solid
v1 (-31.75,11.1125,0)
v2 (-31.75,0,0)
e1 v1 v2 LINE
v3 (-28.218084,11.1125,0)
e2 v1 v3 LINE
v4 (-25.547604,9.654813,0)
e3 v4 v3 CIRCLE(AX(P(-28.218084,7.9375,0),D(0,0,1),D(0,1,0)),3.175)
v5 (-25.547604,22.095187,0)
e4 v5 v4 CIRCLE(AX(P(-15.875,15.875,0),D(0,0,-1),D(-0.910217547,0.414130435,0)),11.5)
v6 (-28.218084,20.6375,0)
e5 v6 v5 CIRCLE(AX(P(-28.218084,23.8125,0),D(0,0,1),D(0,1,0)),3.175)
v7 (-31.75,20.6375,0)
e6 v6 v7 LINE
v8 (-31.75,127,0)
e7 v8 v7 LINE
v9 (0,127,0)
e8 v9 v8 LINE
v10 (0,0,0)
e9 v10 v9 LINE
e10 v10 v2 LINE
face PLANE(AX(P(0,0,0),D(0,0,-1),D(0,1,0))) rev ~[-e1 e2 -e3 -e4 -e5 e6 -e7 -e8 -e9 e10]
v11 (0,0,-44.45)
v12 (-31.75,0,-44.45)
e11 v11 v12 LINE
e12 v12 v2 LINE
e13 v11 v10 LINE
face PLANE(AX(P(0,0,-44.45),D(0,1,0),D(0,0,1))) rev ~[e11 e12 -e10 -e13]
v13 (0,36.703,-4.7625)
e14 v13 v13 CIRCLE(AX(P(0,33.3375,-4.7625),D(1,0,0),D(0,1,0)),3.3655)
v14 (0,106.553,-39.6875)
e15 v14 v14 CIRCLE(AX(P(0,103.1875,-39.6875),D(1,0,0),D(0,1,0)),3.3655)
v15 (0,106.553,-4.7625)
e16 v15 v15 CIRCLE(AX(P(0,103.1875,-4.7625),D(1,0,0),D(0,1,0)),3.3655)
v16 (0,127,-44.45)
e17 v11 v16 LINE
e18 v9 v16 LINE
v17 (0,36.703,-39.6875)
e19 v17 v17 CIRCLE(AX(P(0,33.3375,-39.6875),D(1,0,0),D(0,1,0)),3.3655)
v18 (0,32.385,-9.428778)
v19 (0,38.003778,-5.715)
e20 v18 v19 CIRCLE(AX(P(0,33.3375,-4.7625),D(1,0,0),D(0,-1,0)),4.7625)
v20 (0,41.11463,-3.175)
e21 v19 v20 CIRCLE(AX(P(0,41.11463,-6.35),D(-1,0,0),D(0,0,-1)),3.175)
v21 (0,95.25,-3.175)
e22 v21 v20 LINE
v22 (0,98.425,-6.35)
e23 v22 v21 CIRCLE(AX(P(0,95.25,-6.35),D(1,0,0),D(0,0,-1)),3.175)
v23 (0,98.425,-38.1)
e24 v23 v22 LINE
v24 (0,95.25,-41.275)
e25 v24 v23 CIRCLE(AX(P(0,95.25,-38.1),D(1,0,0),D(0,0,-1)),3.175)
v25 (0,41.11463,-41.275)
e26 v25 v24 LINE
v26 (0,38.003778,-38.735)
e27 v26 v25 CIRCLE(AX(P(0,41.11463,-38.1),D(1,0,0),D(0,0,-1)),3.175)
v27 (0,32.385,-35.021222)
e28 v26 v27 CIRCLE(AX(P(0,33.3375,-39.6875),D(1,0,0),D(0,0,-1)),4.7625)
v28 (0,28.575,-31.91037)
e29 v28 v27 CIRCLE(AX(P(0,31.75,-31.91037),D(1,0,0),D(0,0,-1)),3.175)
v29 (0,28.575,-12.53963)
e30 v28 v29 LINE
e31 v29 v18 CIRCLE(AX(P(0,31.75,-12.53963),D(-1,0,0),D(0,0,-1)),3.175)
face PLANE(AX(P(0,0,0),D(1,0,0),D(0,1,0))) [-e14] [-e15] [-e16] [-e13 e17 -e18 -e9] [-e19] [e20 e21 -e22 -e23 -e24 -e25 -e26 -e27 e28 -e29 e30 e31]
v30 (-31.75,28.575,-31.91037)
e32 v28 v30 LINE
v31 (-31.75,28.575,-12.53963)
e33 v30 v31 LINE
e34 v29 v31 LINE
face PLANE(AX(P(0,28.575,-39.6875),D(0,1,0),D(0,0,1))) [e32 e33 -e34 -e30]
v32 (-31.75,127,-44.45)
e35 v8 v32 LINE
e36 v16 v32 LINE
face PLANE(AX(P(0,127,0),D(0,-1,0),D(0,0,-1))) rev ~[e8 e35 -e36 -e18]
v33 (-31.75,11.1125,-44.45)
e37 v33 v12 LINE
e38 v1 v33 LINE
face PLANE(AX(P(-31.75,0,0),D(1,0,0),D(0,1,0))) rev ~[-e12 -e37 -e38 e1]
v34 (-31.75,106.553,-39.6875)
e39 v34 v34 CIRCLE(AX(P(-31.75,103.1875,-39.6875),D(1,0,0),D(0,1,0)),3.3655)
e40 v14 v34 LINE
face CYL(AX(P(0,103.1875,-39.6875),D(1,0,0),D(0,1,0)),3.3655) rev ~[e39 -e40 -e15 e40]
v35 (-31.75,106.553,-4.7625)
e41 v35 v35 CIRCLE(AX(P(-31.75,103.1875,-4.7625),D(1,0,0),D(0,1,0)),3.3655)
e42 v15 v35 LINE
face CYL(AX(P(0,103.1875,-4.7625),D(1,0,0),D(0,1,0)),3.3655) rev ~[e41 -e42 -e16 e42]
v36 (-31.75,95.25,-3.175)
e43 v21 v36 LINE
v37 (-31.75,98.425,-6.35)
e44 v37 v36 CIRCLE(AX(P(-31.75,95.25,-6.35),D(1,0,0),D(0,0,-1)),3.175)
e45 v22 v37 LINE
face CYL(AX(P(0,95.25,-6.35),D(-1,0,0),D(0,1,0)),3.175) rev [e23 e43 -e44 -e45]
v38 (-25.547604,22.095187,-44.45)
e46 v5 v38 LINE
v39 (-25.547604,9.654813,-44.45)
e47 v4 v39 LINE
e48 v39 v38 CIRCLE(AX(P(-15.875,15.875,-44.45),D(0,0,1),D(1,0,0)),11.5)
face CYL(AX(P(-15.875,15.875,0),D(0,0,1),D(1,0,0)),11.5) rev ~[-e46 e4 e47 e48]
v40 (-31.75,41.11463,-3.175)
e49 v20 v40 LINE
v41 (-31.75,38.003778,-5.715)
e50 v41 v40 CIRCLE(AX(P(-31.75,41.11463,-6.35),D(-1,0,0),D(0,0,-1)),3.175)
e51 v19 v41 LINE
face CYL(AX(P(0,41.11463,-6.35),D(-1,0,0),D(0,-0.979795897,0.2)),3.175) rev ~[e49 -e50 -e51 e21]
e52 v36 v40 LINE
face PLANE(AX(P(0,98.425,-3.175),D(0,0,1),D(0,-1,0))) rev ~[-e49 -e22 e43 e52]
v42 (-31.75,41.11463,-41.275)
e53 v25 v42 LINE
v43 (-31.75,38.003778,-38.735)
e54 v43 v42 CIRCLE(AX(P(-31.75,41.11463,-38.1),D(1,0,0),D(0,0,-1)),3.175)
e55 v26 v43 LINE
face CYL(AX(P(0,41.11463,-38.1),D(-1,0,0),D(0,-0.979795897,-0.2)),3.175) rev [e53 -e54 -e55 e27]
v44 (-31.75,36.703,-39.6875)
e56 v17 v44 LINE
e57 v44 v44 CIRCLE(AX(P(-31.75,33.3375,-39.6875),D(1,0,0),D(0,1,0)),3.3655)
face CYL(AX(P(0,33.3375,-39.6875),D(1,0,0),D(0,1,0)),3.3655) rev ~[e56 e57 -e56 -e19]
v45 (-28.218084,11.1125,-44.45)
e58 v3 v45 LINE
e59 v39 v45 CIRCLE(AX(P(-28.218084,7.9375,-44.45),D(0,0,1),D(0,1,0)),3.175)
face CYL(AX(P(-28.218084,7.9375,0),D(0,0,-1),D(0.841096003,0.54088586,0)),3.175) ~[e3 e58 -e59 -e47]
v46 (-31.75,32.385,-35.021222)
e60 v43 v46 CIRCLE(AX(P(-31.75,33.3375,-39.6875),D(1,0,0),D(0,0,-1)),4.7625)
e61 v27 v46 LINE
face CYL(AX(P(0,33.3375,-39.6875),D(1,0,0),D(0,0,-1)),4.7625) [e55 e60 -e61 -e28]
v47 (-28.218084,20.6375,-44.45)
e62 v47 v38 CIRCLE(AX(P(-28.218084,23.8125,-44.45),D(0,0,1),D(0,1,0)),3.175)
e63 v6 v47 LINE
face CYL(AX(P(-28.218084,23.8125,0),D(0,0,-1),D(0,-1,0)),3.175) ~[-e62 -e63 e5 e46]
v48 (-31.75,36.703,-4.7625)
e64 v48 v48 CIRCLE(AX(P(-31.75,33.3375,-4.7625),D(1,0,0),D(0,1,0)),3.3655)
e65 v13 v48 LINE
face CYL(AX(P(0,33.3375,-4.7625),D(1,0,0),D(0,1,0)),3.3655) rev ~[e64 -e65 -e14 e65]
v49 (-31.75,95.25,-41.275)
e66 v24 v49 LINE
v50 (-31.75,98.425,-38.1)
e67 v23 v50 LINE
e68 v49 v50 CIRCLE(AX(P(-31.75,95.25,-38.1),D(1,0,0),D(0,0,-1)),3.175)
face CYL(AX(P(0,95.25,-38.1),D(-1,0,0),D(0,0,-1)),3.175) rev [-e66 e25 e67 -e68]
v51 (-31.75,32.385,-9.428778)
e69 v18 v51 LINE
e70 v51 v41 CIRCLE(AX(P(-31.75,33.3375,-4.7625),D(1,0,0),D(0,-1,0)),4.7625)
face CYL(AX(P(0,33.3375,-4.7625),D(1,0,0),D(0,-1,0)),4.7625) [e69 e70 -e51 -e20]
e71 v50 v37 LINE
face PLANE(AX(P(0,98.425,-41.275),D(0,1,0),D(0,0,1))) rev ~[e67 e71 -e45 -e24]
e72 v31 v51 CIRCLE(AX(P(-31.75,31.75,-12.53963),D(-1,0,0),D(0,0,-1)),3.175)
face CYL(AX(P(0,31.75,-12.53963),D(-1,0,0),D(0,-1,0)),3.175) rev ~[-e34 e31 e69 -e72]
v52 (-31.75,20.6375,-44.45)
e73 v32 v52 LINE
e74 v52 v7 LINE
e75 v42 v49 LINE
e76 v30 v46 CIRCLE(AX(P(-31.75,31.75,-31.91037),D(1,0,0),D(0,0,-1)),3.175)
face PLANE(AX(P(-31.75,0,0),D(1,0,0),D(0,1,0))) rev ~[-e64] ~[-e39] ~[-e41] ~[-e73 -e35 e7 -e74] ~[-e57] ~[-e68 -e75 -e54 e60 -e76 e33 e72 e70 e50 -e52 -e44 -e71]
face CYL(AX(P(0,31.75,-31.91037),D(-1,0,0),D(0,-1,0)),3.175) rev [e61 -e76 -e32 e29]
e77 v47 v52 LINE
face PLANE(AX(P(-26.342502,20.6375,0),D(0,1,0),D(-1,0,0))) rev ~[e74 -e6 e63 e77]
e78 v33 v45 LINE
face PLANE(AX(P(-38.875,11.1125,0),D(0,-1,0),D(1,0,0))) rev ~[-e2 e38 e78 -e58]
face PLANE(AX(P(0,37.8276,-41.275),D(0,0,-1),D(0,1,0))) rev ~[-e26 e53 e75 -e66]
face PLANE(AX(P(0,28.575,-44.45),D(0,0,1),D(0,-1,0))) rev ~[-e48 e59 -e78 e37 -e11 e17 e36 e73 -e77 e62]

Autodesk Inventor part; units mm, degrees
ref_plane "YZ Plane" through (0, 0, 0) normal (1, 0, 0) x (0, 1, 0)
ref_plane "XZ Plane" through (0, 0, 0) normal (0, 1, 0) x (-1, 0, 0)
ref_plane "XY Plane" through (0, 0, 0) normal (0, 0, 1) x (1, 0, 0)
sketch "Sketch1" plane through (0, 0, 0) normal (1, 0, 0) x (0, 1, 0)
  line L0 (0, 0) -> (127, 0)
  line L1 (127, 0) -> (127, -44.45)
  line L2 (127, -44.45) -> (0, -44.45)
  line L3 (0, -44.45) -> (0, 0)
  line L4 (15.875, -44.45) -> (15.875, 0) construction
  line L5 (28.575, -44.45) -> (28.575, 0)
  line L6 (28.575, -44.45) -> (127, 0) construction
  line L7 (127, -44.45) -> (28.575, 0) construction
  arc A0 (28.575, -4.7625) -> (33.3375, 0) centre (33.3375, -4.7625) ccw
  circle A1 centre (33.3375, -4.7625) radius 3.3655
  line L8 (28.575, -22.225) -> (127, -22.225) construction
  line L9 (37.8276, -41.275) -> (98.425, -41.275)
  line L10 (98.425, -41.275) -> (98.425, -3.175)
  line L11 (98.425, -3.175) -> (37.8276, -3.175)
  arc A2 (33.3375, -44.45) -> (28.575, -39.6875) centre (33.3375, -39.6875) ccw
  circle A3 centre (33.3375, -39.6875) radius 3.3655
  circle A4 centre (103.1875, -39.6875) radius 4.7625 construction
  circle A5 centre (103.1875, -39.6875) radius 3.3655
  circle A6 centre (103.1875, -4.7625) radius 4.7625 construction
  circle A7 centre (103.1875, -4.7625) radius 3.3655
  point P0 (77.7875, -22.225)
  dimension "d0" = 127
  dimension "d1" = 44.45
  dimension "d2" = 15.875
  dimension "d4" = 12.7
  dimension "d5" = 9.525
  dimension "d6" = 6.731
  dimension "d7" = 3.175
  dimension "d8" = 3.175
  dimension "d9" = 69.85
  dimension "d10" = 9.525
  dimension "d11" = 6.731
extrude "Extrusion1" add sketch "Sketch1" against normal blind 31.75 contours L0 L5 L2 L3 | L0 A0 L5 | L0 L1 L2 A2 L9 L10 L11 A0 | L5 A2 L2
fillet "Fillet1" radius 3.175 6 edges at (-15.875, 28.575, -39.6875) (-15.875, 37.8276, -41.275) (-15.875, 98.425, -41.275) (-15.875, 98.425, -3.175) (-15.875, 37.8276, -3.175) (-15.875, 28.575, -4.7625)
sketch "Sketch2" plane through (0, 0, 0) normal (0, 0, 1) x (1, 0, 0)
  line L0 (0, 0) -> (-31.75, 0) construction
  line L1 (-15.875, 0) -> (-15.875, 127) construction
  line L2 (0, 127) -> (-31.75, 127) construction
  circle A0 centre (-15.875, 15.875) radius 11.5
  line L3 (-38.875, 11.1125) -> (-15.875, 11.1125)
  line L4 (-15.875, 11.1125) -> (-15.875, 20.6375)
  line L5 (-15.875, 20.6375) -> (-38.875, 20.6375)
  line L6 (-38.875, 20.6375) -> (-38.875, 11.1125)
  line L7 (-38.875, 11.1125) -> (-15.875, 20.6375) construction
  line L8 (-15.875, 11.1125) -> (-38.875, 20.6375) construction
  line L9 (-15.875, 15.875) -> (-27.375, 15.875) construction
  point P0 (-26.3425, 11.1125)
  point P1 (-26.3425, 20.6375)
  dimension "d15" = 23
  dimension "d16" = 15.875
  dimension "d17" = 9.525
extrude "Extrusion2" cut sketch "Sketch2" against normal through all
fillet "Fillet2" radius 3.175 2 edges at (-26.3425, 11.1125, -22.225) (-26.3425, 20.6375, -22.225)
equation "\"d8\" = d7"
properties part number "Pod" material "Rubber, Silicone"
